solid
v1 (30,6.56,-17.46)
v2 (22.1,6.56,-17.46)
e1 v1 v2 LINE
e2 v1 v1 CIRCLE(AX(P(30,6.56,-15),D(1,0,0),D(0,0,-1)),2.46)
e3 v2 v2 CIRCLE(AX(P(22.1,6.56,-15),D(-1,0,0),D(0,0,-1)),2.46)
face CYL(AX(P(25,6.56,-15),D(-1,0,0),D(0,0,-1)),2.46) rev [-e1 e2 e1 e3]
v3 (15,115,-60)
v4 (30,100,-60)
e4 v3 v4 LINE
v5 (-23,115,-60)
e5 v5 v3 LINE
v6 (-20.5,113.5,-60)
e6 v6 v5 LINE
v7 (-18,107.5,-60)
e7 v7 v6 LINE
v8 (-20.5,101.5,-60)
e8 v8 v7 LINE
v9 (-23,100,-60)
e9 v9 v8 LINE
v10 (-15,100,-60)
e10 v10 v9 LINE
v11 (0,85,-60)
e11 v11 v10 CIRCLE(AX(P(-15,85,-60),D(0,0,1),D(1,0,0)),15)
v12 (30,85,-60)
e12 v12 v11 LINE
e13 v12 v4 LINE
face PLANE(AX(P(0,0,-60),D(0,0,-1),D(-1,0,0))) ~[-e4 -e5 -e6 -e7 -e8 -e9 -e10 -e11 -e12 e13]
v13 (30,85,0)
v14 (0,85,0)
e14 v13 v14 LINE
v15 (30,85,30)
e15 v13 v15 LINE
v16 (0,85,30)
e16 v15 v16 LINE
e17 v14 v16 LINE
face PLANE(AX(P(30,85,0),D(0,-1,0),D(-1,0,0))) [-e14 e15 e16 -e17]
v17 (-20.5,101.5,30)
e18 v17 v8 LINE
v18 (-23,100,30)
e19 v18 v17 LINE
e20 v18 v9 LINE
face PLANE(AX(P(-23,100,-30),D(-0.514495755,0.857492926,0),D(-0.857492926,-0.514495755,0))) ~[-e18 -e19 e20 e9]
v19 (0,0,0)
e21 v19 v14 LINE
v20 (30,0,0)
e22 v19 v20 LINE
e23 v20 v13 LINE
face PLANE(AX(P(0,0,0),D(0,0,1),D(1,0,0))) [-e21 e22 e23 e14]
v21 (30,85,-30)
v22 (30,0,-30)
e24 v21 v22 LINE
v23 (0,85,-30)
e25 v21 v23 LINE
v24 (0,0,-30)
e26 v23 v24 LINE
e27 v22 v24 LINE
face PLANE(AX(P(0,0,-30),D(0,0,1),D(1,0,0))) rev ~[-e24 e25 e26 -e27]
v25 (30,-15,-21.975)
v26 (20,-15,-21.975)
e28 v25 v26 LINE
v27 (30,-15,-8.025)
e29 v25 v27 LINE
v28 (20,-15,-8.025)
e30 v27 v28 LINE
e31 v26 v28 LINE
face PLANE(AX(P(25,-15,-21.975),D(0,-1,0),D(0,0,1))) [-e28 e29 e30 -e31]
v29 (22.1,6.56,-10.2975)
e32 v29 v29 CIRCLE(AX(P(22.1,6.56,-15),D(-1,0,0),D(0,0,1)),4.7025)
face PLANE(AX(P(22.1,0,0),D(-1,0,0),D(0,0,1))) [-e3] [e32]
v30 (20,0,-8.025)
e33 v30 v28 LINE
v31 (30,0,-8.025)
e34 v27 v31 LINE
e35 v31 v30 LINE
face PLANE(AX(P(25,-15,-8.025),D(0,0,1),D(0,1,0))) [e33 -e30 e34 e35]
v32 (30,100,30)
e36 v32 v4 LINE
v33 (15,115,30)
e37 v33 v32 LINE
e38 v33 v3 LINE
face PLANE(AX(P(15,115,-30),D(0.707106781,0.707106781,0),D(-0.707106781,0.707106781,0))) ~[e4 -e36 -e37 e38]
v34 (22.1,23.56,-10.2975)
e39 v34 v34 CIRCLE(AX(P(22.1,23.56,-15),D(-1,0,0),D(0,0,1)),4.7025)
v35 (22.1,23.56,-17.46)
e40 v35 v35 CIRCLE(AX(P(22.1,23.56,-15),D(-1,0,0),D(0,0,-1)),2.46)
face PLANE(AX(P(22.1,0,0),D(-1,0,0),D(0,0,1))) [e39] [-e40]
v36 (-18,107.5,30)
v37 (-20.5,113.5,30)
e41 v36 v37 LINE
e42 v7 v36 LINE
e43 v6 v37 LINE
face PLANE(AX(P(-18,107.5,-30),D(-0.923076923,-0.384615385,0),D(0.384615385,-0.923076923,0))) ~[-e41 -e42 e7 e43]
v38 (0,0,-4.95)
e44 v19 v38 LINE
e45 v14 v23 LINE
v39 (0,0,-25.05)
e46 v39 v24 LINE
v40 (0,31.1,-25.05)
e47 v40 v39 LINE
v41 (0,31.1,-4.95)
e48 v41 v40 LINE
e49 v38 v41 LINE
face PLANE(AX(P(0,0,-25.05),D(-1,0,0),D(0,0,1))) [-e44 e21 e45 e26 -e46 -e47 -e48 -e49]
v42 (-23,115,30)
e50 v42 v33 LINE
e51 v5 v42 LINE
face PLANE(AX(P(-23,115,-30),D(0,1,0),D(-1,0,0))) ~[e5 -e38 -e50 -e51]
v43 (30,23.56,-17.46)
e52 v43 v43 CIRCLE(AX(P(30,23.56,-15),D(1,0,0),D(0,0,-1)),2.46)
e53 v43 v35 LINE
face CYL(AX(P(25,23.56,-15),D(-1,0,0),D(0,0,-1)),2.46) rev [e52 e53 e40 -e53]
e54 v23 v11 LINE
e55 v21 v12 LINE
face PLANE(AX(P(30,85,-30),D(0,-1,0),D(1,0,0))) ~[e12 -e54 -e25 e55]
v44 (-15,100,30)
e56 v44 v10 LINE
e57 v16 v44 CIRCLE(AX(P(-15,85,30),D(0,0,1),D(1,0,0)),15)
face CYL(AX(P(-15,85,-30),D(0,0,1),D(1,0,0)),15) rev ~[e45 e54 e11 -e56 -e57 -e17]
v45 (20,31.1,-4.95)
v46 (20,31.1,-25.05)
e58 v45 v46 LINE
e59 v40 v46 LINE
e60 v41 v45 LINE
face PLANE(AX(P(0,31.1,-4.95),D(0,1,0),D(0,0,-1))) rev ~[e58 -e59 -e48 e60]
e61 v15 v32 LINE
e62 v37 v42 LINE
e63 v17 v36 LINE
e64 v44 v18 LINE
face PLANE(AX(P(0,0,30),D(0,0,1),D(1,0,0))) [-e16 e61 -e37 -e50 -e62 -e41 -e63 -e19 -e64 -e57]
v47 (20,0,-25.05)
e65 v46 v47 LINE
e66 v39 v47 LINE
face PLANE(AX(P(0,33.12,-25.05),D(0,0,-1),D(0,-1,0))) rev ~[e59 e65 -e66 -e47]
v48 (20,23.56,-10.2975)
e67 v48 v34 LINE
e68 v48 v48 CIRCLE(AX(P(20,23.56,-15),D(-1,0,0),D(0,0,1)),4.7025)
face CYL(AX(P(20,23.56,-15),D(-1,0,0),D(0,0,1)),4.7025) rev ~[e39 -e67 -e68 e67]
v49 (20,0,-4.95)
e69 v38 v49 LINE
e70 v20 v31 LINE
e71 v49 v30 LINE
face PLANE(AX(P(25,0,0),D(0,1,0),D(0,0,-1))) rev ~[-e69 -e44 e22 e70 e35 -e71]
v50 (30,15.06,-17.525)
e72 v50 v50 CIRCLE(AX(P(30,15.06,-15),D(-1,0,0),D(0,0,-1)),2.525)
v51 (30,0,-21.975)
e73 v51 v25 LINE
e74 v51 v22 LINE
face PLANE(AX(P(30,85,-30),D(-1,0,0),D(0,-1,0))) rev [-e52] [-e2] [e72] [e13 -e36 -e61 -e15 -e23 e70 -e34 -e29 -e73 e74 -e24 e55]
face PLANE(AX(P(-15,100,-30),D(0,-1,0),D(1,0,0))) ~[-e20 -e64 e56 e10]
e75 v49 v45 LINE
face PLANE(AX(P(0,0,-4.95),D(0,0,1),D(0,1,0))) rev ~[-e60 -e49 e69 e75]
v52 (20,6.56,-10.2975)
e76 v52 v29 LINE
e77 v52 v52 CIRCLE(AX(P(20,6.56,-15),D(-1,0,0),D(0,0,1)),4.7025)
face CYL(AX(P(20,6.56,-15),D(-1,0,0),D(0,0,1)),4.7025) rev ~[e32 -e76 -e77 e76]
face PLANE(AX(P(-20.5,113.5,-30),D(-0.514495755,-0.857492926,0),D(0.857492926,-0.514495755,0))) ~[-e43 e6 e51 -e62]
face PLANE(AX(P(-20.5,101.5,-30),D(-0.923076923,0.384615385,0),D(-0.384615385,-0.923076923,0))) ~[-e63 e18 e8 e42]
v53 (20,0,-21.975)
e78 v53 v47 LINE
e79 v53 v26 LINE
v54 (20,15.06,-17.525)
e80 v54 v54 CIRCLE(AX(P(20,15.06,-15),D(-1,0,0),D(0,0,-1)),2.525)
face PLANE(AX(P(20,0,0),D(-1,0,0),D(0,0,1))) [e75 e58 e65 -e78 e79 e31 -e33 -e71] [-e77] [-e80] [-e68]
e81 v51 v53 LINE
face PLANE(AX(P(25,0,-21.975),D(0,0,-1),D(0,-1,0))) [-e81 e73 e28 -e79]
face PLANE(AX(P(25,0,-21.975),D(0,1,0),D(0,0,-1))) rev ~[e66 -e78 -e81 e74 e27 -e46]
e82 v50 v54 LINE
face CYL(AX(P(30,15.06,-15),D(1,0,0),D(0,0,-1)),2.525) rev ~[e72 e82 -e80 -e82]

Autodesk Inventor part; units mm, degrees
ref_plane "YZ Plane" through (0, 0, 0) normal (1, 0, 0) x (0, 1, 0)
ref_plane "XZ Plane" through (0, 0, 0) normal (0, 1, 0) x (-1, 0, 0)
sketch "Sketch1" plane through (0, 0, 0) normal (0, 0, 1) x (1, 0, 0)
  line L0 (0, 0) -> (25, 0)
  line L1 (25, 0) -> (25, 40)
  line L2 (25, 40) -> (0, 40)
  line L3 (0, 40) -> (0, 0)
  dimension "d1" = 25
  dimension "d2" = 40
  dimension "d3" = 25
extrude "Extrusion1" add sketch "Sketch1" against normal blind 30
sketch "Sketch2" plane through (25, 0, 0) normal (1, 0, 0) x (0, 0, -1)
  line L0 (0, 0) -> (30, 0) projected
  circle A0 centre (15, 6.56) radius 2.46
extrude "Extrusion2" cut sketch "Sketch2" against normal blind 30
sketch "Sketch3" plane through (0, 0, 0) normal (-1, 0, 0) x (0, 0, 1)
  line L0 (0, 0) -> (-30, 0) projected
  line L1 (-25.05, 0) -> (-4.95, 0)
  line L2 (-4.95, 0) -> (-4.95, 33.12)
  line L3 (-4.95, 33.12) -> (-25.05, 33.12)
  line L4 (-25.05, 33.12) -> (-25.05, 0)
  dimension "d11" = 20.1
extrude "Extrusion3" cut sketch "Sketch3" against normal blind 20
sketch "Sketch4" plane through (0, 0, 0) normal (0, -1, 0) x (1, 0, 0)
  line L0 (20, -4.95) -> (20, -25.05) projected
  line L1 (20, -15) -> (25, -15)
  line L2 (25, 0) -> (25, -30) projected
  line L3 (20, -8.025) -> (25, -8.025)
  line L4 (25, -8.025) -> (25, -21.975)
  line L5 (25, -21.975) -> (20, -21.975)
  line L6 (20, -21.975) -> (20, -8.025)
  line L7 (20, -8.025) -> (25, -21.975) construction
  line L8 (25, -8.025) -> (20, -21.975) construction
  line L9 (25, -12.54) -> (25, -17.46) projected
  point P0 (0, 0)
  point P1 (22.5, -15)
  dimension "d14" = 13.95
extrude "Extrusion4" add sketch "Sketch4" along normal blind 15
sketch "Sketch5" plane through (20, 0, 0) normal (-1, 0, 0) x (0, 0, 1)
  circle A0 centre (-15, 6.56) radius 2.46 projected
  circle A1 centre (-15, 6.56) radius 4.7025
  circle A2 centre (-15, 6.56) radius 2.46 projected
  circle A3 centre (-15, 6.56) radius 2.46
  point P0 (0, 0)
  dimension "d17" = 9.405
extrude "Extrusion5" cut sketch "Sketch5" against normal blind 2.1
sketch "Sketch6" plane through (25, 0, 0) normal (1, 0, 0) x (0, 0, -1)
  circle A0 centre (15, 6.56) radius 4.7025 projected
  line L0 (15, 6.56) -> (15, 23.56)
  circle A1 centre (15, 23.56) radius 2.46
  point P0 (0, 0)
  dimension "d20" = 17
  dimension "d21" = 4.92
extrude "Extrusion6" cut sketch "Sketch6" against normal blind 10 contours A1
sketch "Sketch7" plane through (20, 0, 0) normal (-1, 0, 0) x (0, 0, 1)
  circle A0 centre (-15, 23.56) radius 2.46 projected
  circle A1 centre (-15, 23.56) radius 4.7025
  point P0 (0, 0)
  dimension "d24" = 9.405
extrude "Extrusion7" cut sketch "Sketch7" against normal blind 2.1
sketch "Sketch9" plane through (25, 0, 0) normal (1, 0, 0) x (0, 0, -1)
  circle A0 centre (15, 6.56) radius 2.46 projected
  circle A1 centre (15, 6.56) radius 2.46
  circle A2 centre (15, 23.56) radius 2.46 projected
  circle A3 centre (15, 23.56) radius 2.46
  line L0 (30, 40) -> (30, 0) projected
  line L1 (30, 0) -> (30, 40)
  line L2 (30, 40) -> (0, 40)
  line L3 (0, 40) -> (0, 0)
  line L4 (0, 0) -> (8.025, 0) projected
  line L5 (21.975, 0) -> (21.975, -15)
  line L6 (21.975, -15) -> (8.025, -15)
  line L7 (8.025, -15) -> (8.025, 0)
  line L8 (0, 0) -> (8.025, 0)
  line L9 (21.975, 0) -> (30, 0)
extrude "Extrusion8" add sketch "Sketch9" along normal blind 5
sketch "Sketch10" plane through (0, 40, 0) normal (0, 1, 0) x (1, 0, 0)
  line L0 (0, 30) -> (30, 30) projected
  line L1 (30, 0) -> (0, 0) projected
  line L2 (0, 30) -> (30, 30)
  line L3 (30, 30) -> (30, 0)
  line L4 (30, 0) -> (0, 0)
  line L5 (0, 0) -> (0, 30)
extrude "Extrusion9" add sketch "Sketch10" along normal blind 30
sketch "Sketch12" plane through (30, 0, 0) normal (1, 0, 0) x (0, 0, -1)
  circle A0 centre (15, 6.56) radius 2.46 projected
  line L0 (15, 6.56) -> (15, 15.06)
  circle A1 centre (15, 15.06) radius 2.525
  point P0 (0, 0)
  dimension "d31" = 8.5
  dimension "d33" = 5.05
extrude "Extrusion10" cut sketch "Sketch12" against normal blind 30 contours A1
sketch "Sketch14" plane through (0, 0, 0) normal (0, 0, 1) x (1, 0, 0)
  line L0 (30, 70) -> (0, 70) projected
  line L1 (0, 70) -> (0, 85)
  line L2 (-15, 100) -> (-23, 100)
  line L3 (30, 100) -> (15, 115)
  line L4 (-23, 115) -> (15, 115)
  line L5 (30, 0) -> (30, 70) projected
  line L6 (30, 100) -> (30, 70)
  line L7 (-20.5, 113.5) -> (-23, 115)
  line L8 (-20.5, 101.5) -> (-23, 100)
  line L9 (-18, 107.5) -> (-20.5, 101.5)
  line L10 (-18, 107.5) -> (-20.5, 113.5)
  arc A0 (0, 85) -> (-15, 100) centre (-15, 85) ccw
  point P0 (0, 0)
  point P1 (0, 100)
  dimension "d47" = 30
  dimension "d49" = 15
  dimension "d54" = 15
extrude "Extrusion12" add sketch "Sketch14" against normal blind 30
sketch "Sketch15" plane through (0, 0, -25.05) normal (-1, 0, 0) x (0, 0, 1)
  line L0 (0, 33.12) -> (20.1, 33.12) projected
  line L1 (20.1, 33.12) -> (20.1, 0) projected
  line L2 (0, 33.12) -> (20.1, 33.12)
  line L3 (20.1, 33.12) -> (20.1, 31.1)
  line L4 (20.1, 31.1) -> (0, 31.1)
  line L5 (0, 31.1) -> (0, 33.12)
  point P0 (25.05, 0)
  dimension "d57" = 2.02
extrude "Extrusion13" add sketch "Sketch15" against normal blind 20
sketch "Sketch17" plane through (0, 0, 0) normal (0, 0, 1) x (1, 0, 0)
  line L0 (-23, 115) -> (15, 115) projected
  line L1 (-23, 115) -> (15, 115)
  line L2 (30, 0) -> (30, 100) projected
  line L3 (15, 115) -> (30, 100)
  line L4 (30, 100) -> (30, 85)
  arc A0 (0, 85) -> (-15, 100) centre (-15, 85) ccw projected
  line L5 (30, 85) -> (0, 85)
  arc A1 (0, 85) -> (-15, 100) centre (-15, 85) ccw
  line L6 (-15, 100) -> (-23, 100) projected
  line L7 (-15, 100) -> (-23, 100)
  line L8 (-23, 100) -> (-20.5, 101.5) projected
  line L9 (-23, 100) -> (-20.5, 101.5)
  line L10 (-20.5, 101.5) -> (-18, 107.5) projected
  line L11 (-20.5, 101.5) -> (-18, 107.5)
  line L12 (-18, 107.5) -> (-20.5, 113.5) projected
  line L13 (-18, 107.5) -> (-20.5, 113.5)
  line L14 (-20.5, 113.5) -> (-23, 115)
  point P0 (0, 0)
extrude "Extrusion14" add sketch "Sketch17" along normal blind 30
ref_plane "Work Plane1" through (0, 0, -15) normal (0, 0, 1) x (1, 0, 0)
mirror "Mirror1" about plane through (0, 0, -15) normal (0, 0, 1) of "Extrusion14"
properties part number "12mm_x_90mm"
